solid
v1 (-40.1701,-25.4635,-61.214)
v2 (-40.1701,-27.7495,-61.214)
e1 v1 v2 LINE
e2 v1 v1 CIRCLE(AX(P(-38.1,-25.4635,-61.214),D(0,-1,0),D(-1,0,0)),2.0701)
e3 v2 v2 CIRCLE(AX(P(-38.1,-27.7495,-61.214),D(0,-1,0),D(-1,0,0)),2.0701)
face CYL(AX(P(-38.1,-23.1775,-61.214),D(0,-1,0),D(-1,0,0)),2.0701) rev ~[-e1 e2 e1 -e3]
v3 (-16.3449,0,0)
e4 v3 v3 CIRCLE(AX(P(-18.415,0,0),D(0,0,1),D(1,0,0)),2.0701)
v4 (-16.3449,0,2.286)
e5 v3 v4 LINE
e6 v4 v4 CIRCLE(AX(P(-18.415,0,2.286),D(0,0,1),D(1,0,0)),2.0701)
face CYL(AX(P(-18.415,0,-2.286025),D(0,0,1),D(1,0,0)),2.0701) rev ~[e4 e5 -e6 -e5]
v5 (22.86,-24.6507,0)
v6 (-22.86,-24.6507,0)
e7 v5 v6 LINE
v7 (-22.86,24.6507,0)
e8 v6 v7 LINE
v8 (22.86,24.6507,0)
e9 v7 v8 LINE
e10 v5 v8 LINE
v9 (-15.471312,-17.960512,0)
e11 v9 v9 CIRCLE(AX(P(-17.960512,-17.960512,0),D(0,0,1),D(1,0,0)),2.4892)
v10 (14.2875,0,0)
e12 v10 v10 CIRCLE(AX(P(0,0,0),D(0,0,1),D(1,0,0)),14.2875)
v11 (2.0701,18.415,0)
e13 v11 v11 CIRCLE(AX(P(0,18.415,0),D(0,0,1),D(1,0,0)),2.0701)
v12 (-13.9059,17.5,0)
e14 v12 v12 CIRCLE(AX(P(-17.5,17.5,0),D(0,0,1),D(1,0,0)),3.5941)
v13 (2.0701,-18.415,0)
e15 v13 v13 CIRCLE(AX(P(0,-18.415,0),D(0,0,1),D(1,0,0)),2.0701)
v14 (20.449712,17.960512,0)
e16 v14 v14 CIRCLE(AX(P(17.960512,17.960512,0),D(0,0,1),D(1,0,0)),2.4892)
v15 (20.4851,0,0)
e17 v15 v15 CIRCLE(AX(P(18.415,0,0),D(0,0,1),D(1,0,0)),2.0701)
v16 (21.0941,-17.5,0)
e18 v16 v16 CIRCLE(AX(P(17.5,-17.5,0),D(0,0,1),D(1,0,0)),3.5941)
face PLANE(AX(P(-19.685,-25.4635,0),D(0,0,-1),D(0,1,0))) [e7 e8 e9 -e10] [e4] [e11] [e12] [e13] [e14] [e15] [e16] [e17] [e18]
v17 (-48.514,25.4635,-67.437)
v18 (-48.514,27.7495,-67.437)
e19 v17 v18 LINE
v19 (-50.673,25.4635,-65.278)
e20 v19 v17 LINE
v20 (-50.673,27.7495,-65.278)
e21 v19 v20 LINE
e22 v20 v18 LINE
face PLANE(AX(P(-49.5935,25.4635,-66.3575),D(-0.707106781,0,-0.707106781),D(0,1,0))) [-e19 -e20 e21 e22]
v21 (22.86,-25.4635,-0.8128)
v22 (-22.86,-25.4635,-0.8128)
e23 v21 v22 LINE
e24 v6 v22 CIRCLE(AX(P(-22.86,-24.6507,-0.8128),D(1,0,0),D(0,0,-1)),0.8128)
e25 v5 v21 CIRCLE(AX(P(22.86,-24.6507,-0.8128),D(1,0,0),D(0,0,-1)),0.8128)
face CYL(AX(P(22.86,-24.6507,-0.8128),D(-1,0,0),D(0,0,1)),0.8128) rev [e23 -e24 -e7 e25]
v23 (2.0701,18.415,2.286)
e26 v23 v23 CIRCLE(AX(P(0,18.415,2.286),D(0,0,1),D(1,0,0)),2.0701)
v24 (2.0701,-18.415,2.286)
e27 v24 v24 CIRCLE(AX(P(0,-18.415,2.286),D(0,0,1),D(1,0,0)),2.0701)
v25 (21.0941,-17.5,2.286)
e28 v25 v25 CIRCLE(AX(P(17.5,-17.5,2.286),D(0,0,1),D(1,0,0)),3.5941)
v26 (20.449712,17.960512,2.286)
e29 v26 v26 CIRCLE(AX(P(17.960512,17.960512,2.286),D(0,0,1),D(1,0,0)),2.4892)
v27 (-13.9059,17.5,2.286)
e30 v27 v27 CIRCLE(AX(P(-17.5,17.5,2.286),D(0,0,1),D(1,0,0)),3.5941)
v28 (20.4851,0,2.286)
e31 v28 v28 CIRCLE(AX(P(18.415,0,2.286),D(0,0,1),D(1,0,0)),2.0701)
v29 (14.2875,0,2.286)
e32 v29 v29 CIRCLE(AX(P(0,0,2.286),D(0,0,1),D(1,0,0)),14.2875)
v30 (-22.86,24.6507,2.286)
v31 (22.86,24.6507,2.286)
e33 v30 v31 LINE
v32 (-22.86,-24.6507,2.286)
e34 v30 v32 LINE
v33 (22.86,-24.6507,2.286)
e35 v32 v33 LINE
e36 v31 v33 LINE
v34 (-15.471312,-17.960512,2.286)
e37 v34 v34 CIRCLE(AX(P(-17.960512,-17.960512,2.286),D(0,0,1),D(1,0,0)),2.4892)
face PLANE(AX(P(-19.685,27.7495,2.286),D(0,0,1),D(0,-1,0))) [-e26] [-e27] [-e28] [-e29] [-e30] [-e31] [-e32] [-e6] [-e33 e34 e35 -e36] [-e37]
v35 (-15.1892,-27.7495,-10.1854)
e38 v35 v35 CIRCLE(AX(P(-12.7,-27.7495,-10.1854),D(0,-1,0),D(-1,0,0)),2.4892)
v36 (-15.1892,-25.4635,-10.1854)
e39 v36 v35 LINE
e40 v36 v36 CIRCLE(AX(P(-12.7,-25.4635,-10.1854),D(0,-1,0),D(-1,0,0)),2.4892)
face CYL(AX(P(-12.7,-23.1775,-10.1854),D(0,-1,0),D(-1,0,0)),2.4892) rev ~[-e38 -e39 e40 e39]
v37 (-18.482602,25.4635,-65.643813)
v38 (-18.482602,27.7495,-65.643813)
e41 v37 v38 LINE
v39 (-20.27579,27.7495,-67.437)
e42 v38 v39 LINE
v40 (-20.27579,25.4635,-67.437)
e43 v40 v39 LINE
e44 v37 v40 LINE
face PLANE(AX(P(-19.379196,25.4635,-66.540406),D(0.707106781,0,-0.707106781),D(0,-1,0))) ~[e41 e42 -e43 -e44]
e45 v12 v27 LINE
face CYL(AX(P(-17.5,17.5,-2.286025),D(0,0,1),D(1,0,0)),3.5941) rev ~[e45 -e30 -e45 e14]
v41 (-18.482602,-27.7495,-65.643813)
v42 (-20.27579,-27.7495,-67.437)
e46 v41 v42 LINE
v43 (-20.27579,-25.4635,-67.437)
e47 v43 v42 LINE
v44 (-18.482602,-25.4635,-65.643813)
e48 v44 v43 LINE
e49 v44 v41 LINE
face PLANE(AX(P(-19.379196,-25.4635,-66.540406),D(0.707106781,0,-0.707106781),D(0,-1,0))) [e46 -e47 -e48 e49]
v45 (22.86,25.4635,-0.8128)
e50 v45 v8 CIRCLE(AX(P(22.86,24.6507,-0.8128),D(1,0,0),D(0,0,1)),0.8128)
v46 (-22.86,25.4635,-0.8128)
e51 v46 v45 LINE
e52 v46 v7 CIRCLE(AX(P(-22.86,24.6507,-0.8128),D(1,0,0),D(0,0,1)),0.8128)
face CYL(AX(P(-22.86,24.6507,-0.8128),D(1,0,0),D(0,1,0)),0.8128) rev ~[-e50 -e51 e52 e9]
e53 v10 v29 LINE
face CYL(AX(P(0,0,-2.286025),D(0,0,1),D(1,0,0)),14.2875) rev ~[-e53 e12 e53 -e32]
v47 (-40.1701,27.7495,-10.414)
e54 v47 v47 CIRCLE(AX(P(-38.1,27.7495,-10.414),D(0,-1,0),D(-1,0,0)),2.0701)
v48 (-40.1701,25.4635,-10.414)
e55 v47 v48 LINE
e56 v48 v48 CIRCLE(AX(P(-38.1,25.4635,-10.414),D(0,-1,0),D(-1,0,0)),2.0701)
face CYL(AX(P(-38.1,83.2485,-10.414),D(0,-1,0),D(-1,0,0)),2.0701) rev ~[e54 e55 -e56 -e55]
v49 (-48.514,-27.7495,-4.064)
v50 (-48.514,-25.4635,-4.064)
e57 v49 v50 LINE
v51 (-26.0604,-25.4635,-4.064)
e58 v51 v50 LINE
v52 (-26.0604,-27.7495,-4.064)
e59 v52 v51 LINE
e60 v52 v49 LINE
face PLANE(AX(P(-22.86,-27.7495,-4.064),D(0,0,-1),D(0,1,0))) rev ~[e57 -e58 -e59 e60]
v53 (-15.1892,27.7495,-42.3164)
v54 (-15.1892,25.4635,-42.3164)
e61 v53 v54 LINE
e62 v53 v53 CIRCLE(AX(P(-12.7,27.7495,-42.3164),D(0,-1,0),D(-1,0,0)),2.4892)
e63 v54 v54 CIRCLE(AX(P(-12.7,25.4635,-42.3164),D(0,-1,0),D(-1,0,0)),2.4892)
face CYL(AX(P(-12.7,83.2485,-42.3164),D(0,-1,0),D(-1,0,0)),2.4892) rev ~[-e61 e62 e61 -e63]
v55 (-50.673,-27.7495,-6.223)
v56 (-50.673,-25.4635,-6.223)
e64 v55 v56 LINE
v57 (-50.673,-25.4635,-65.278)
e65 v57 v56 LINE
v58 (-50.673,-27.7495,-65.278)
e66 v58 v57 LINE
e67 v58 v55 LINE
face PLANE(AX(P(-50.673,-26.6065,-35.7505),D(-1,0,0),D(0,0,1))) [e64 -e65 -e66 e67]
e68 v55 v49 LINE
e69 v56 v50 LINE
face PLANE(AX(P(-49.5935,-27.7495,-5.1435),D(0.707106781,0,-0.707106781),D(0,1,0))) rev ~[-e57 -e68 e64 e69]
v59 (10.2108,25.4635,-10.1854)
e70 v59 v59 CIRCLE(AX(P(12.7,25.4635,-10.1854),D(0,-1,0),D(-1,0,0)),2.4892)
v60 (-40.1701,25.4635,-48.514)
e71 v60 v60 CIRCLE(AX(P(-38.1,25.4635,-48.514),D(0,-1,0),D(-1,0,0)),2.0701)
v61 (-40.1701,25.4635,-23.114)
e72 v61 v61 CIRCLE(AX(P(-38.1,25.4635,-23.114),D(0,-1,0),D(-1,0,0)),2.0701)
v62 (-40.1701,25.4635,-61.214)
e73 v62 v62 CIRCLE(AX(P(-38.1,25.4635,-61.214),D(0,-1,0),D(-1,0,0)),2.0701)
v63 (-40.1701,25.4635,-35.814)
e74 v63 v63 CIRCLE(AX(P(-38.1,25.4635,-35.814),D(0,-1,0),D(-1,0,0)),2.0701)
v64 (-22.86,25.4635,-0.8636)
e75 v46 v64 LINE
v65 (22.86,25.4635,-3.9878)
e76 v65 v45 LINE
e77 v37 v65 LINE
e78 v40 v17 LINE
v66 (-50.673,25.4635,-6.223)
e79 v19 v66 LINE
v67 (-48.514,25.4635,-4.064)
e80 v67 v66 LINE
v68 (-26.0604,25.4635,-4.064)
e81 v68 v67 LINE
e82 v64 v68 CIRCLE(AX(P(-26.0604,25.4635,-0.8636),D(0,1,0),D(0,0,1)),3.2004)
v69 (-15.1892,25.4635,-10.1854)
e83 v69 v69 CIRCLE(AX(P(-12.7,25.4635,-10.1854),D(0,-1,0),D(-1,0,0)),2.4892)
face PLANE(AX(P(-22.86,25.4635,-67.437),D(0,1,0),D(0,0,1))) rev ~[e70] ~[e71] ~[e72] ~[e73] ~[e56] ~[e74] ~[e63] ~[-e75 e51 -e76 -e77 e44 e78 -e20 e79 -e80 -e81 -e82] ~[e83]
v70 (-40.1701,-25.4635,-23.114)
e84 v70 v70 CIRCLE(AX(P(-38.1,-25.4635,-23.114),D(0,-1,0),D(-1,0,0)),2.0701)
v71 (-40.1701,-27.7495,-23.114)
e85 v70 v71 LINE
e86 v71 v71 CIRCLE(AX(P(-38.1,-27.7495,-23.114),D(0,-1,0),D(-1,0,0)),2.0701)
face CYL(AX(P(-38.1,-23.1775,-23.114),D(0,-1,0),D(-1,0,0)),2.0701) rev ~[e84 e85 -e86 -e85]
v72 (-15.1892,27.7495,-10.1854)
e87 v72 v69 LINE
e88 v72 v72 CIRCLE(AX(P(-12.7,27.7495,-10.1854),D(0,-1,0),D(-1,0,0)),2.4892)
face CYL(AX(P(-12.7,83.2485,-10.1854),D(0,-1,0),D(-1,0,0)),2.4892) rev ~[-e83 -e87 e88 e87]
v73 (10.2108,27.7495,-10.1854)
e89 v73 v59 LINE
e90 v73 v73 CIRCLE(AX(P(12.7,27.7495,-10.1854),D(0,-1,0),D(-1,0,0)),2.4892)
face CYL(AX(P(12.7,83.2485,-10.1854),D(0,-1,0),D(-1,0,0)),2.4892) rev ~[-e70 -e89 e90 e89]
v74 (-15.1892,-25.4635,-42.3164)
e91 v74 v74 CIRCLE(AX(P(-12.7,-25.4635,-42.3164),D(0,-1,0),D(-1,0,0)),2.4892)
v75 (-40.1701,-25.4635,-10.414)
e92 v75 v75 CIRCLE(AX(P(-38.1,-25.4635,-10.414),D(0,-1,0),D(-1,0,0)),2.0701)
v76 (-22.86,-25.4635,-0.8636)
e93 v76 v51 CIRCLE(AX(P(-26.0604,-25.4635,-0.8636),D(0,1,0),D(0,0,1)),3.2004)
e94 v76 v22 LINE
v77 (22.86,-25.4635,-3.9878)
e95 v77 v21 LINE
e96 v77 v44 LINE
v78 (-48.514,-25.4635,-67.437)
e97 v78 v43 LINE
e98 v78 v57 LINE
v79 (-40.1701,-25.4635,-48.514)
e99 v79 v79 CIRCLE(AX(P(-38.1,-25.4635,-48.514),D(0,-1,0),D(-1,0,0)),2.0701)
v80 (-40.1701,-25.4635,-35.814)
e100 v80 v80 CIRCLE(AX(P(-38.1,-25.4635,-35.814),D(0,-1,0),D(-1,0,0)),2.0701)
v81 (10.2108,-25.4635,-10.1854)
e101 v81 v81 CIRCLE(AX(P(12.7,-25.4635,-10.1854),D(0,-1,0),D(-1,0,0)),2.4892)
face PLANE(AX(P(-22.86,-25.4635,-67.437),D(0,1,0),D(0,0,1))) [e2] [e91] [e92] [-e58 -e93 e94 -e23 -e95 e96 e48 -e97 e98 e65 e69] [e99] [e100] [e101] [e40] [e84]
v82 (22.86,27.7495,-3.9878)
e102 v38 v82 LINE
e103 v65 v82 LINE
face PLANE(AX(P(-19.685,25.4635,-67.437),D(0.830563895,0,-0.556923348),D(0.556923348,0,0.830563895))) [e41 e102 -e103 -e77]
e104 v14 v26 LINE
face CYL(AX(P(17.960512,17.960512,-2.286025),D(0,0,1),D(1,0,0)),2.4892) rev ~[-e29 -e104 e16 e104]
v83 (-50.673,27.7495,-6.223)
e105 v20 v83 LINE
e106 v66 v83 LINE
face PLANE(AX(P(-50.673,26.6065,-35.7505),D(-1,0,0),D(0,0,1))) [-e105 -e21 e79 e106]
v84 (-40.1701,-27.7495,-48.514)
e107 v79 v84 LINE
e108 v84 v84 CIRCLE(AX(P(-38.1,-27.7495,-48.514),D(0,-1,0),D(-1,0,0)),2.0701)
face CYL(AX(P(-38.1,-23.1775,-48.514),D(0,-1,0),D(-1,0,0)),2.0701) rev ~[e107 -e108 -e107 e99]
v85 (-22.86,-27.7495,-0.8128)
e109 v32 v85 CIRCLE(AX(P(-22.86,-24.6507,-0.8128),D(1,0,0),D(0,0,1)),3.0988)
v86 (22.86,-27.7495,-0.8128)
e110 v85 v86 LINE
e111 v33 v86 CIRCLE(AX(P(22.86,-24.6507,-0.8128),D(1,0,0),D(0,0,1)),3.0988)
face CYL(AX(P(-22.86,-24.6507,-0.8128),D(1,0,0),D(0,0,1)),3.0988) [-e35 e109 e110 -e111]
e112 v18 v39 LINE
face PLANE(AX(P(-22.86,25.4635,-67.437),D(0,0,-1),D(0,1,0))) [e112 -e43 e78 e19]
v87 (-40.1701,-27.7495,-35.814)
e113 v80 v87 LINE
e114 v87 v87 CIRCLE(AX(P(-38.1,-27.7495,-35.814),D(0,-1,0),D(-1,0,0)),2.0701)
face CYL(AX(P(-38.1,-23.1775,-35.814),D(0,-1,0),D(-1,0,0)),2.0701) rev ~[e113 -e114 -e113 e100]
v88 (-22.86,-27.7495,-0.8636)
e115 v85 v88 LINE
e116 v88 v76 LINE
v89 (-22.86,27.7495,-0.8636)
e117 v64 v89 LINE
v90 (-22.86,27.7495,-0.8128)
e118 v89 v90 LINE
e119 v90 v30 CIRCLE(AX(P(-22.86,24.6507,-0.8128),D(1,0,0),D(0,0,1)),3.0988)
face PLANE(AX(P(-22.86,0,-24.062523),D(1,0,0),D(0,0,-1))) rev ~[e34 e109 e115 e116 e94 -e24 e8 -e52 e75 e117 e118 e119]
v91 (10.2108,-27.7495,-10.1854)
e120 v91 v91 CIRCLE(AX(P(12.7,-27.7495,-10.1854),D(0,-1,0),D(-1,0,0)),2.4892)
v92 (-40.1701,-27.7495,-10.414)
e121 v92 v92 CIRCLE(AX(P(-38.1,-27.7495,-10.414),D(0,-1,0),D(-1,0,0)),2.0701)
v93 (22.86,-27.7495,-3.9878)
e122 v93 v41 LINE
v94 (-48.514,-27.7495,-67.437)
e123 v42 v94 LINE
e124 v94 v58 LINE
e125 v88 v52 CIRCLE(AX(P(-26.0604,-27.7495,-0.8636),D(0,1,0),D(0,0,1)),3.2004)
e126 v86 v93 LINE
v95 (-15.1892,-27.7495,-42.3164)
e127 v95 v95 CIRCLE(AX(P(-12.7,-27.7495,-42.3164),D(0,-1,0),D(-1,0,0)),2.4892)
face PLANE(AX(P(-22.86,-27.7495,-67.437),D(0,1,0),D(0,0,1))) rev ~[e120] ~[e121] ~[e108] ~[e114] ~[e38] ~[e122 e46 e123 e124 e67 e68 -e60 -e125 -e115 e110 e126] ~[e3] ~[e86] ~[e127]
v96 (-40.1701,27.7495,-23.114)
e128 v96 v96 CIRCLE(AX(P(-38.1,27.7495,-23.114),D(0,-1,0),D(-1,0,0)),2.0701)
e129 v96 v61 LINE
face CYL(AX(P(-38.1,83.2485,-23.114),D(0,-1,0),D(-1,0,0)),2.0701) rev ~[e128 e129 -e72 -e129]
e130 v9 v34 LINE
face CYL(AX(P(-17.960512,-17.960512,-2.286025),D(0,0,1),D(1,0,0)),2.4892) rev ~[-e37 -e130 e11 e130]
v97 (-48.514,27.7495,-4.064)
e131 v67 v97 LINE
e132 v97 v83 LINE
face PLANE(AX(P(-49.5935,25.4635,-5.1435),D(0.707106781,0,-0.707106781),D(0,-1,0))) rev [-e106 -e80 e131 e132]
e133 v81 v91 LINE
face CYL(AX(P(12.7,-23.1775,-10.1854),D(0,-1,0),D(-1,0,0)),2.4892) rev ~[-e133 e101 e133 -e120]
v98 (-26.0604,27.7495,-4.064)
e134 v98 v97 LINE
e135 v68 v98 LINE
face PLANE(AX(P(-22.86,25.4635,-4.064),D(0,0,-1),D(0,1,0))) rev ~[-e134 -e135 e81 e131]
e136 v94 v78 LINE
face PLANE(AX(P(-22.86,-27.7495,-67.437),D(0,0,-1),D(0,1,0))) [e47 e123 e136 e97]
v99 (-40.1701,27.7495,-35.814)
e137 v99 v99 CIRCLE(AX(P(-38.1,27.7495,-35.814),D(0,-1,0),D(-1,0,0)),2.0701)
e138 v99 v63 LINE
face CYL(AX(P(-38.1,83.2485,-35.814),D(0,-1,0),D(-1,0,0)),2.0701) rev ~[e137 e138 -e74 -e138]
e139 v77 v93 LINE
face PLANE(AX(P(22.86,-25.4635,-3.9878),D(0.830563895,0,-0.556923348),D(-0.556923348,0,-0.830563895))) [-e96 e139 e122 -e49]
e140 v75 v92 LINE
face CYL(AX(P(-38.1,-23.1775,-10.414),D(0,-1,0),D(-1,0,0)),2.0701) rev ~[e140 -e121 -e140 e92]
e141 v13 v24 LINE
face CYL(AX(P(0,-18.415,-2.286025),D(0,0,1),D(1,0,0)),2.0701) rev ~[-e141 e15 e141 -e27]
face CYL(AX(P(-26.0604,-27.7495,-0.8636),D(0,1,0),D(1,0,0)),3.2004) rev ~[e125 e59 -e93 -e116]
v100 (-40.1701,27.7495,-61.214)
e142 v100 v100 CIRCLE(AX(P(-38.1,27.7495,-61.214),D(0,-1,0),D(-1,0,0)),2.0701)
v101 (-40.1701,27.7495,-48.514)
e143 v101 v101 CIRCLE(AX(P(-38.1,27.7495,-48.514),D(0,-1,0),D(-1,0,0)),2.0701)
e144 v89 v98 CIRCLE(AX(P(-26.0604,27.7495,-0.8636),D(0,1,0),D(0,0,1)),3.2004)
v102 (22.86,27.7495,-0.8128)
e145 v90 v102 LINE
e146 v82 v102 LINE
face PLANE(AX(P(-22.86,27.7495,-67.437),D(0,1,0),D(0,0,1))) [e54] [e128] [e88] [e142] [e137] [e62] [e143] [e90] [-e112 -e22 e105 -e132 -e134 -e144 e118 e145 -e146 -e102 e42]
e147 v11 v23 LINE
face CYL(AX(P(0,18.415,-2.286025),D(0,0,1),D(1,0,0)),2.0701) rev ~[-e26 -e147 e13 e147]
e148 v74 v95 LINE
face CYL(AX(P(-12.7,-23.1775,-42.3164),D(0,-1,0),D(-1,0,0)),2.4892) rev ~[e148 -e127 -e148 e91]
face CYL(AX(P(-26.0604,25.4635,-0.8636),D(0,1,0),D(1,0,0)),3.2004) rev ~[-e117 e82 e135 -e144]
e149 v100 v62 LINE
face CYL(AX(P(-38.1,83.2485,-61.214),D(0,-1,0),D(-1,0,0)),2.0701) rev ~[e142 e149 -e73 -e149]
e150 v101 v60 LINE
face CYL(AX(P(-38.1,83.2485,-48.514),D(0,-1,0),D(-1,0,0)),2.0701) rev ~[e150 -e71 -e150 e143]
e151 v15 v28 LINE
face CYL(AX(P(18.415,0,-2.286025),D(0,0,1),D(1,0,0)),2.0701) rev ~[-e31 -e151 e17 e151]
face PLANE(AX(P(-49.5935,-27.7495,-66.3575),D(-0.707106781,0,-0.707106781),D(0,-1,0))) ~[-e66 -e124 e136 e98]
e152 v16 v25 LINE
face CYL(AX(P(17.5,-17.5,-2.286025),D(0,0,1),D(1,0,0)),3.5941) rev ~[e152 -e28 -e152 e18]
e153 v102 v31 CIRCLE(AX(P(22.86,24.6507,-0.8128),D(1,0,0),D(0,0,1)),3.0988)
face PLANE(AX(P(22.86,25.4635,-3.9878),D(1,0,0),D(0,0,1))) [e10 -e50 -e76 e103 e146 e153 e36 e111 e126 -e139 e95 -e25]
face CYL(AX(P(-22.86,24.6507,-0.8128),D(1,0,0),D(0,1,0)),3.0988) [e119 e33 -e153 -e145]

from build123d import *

# Parameters (mm, degrees)
SKETCH1_W                  = 42.545
SKETCH1_H                  = 50.927
BOSS_EXTRUDE1_DEPTH        = 6.2738
BOSS_EXTRUDE2_DEPTH        = 2.286
BOSS_EXTRUDE3_DEPTH        = 2.286
SKETCH4_W                  = 42.545
SKETCH4_H                  = 50.927
CUT_EXTRUDE1_DEPTH         = 3.9878
BOSS_EXTRUDE4_DEPTH        = 3.175
SKETCH6_W                  = 63.373
SKETCH6_H                  = 2.286
BOSS_EXTRUDE5_DEPTH        = 27.813
SKETCH7_W                  = 63.373
SKETCH7_H                  = 2.286
BOSS_EXTRUDE6_DEPTH        = 27.813
HOLE1_D                    = 4.9784
HOLE1_DEPTH                = 2.286
M3_5_CLEARANCE_HOLE1_D     = 4.1402
M3_5_CLEARANCE_HOLE1_DEPTH = 2.286
M25_CLEARANCE_HOLE1_D      = 28.575
M25_CLEARANCE_HOLE1_DEPTH  = 2.286025
HOLE2_D                    = 4.9784
HOLE2_DEPTH                = 2.286025
M6_5_CLEARANCE_HOLE1_D     = 7.1882
M6_5_CLEARANCE_HOLE1_DEPTH = 2.286025
M3_5_CLEARANCE_HOLE2_D     = 4.1402
M3_5_CLEARANCE_HOLE2_DEPTH = 2.286025
HOLE3_D                    = 4.9784
HOLE3_DEPTH                = 55.499
M3_5_CLEARANCE_HOLE3_D     = 4.1402
M3_5_CLEARANCE_HOLE3_DEPTH = 55.499
CHAMFER1_SIZE              = 2.159
CHAMFER1_SIZE2             = 0.59078994
CHAMFER2_SIZE              = 2.159
CHAMFER3_SIZE2             = 0.59078994
CHAMFER3_SIZE              = 2.159
FILLET1_R                  = 0.8128
FILLET2_R                  = 3.0988
FILLET3_R                  = 3.2004


with BuildPart() as part:
    # Sketch1 → Boss-Extrude1 (new body)
    with BuildSketch(Plane.XY.offset(2.286)):
        with Locations((1.5875, 0)):
            Rectangle(SKETCH1_W, SKETCH1_H)
    extrude(amount=-BOSS_EXTRUDE1_DEPTH)

    # Sketch2 → Boss-Extrude2 (add)
    with BuildSketch(Plane.XZ.offset(25.4635)):
        Polygon((-19.685, 2.286), (22.86, 2.286), (22.86, -3.9878), (-19.685, -67.437), align=None)
    extrude(amount=BOSS_EXTRUDE2_DEPTH)

    # Sketch3 → Boss-Extrude3 (add)
    with BuildSketch(Plane(origin=(0, 25.4635, 0), x_dir=(-1, 0, 0), z_dir=(0, 1, 0))):
        Polygon((19.685, -67.437), (-22.86, -3.9878), (-22.86, 2.286), (19.685, 2.286), align=None)
    extrude(amount=BOSS_EXTRUDE3_DEPTH)

    # Sketch4 → Cut-Extrude1 (cut)
    with BuildSketch(Plane(origin=(0, 0, -3.9878), x_dir=(-1, 0, 0), z_dir=(0, 0, -1))):
        with Locations((-1.5875, 0)):
            Rectangle(SKETCH4_W, SKETCH4_H)
    extrude(amount=-CUT_EXTRUDE1_DEPTH, mode=Mode.SUBTRACT)

    # Sketch5 → Boss-Extrude4 (add)
    with BuildSketch(Plane.ZY.offset(19.685)):
        Polygon((0, -25.4635), (0, 25.4635), (-67.437, 25.4635), (-67.437, 27.7495), (2.286, 27.7495), (2.286, -27.7495), (-67.437, -27.7495), (-67.437, -25.4635), align=None)
    extrude(amount=BOSS_EXTRUDE4_DEPTH)

    # Sketch6 → Boss-Extrude5 (add)
    with BuildSketch(Plane.ZY.offset(22.86)):
        with Locations((-35.7505, 26.6065)):
            Rectangle(SKETCH6_W, SKETCH6_H)
    extrude(amount=BOSS_EXTRUDE5_DEPTH)

    # Sketch7 → Boss-Extrude6 (add)
    with BuildSketch(Plane.ZY.offset(22.86)):
        with Locations((-35.7505, -26.6065)):
            Rectangle(SKETCH7_W, SKETCH7_H)
    extrude(amount=BOSS_EXTRUDE6_DEPTH)

    # Hole1
    with Locations(Plane(origin=(0, -25.4635, 0), x_dir=(1, 0, 0), z_dir=(0, 1, 0))):
        with Locations((-12.7, 10.1854), (12.7, 10.1854), (-12.7, 42.3164)):
            Hole(HOLE1_D / 2, depth=HOLE1_DEPTH)

    # M3.5 Clearance Hole1
    with Locations(Plane(origin=(0, -25.4635, 0), x_dir=(1, 0, 0), z_dir=(0, 1, 0))):
        with Locations((-38.1, 61.214), (-38.1, 48.514), (-38.1, 35.814), (-38.1, 23.114), (-38.1, 10.414)):
            Hole(M3_5_CLEARANCE_HOLE1_D / 2, depth=M3_5_CLEARANCE_HOLE1_DEPTH)

    # M25 Clearance Hole1
    with Locations(Plane(origin=(0, 0, 0), x_dir=(-1, 0, 0), z_dir=(0, 0, -1))):
        with Locations((0, 0)):
            Hole(M25_CLEARANCE_HOLE1_D / 2, depth=M25_CLEARANCE_HOLE1_DEPTH)

    # Hole2
    with Locations(Plane(origin=(0, 0, 0), x_dir=(-1, 0, 0), z_dir=(0, 0, -1))):
        with Locations((-17.960512242, 17.960512242), (17.960512242, -17.960512242)):
            Hole(HOLE2_D / 2, depth=HOLE2_DEPTH)

    # M6.5 Clearance Hole1
    with Locations(Plane(origin=(0, 0, 0), x_dir=(-1, 0, 0), z_dir=(0, 0, -1))):
        with Locations((17.5, 17.5), (-17.5, -17.5)):
            Hole(M6_5_CLEARANCE_HOLE1_D / 2, depth=M6_5_CLEARANCE_HOLE1_DEPTH)

    # M3.5 Clearance Hole2
    with Locations(Plane(origin=(0, 0, 0), x_dir=(-1, 0, 0), z_dir=(0, 0, -1))):
        with Locations((18.415, 0), (0, 18.415), (0, -18.415), (-18.415, 0)):
            Hole(M3_5_CLEARANCE_HOLE2_D / 2, depth=M3_5_CLEARANCE_HOLE2_DEPTH)

    # Hole3
    with Locations(Plane(origin=(0, 27.7495, 0), x_dir=(1, 0, 0), z_dir=(0, 1, 0))):
        with Locations((-12.7, 10.1854), (12.7, 10.1854), (-12.7, 42.3164)):
            Hole(HOLE3_D / 2, depth=HOLE3_DEPTH)

    # M3.5 Clearance Hole3
    with Locations(Plane(origin=(0, 27.7495, 0), x_dir=(1, 0, 0), z_dir=(0, 1, 0))):
        with Locations((-38.1, 61.214), (-38.1, 48.514), (-38.1, 35.814), (-38.1, 23.114), (-38.1, 10.414)):
            Hole(M3_5_CLEARANCE_HOLE3_D / 2, depth=M3_5_CLEARANCE_HOLE3_DEPTH)

    # Chamfer1
    chamfer1_edges = [part.edges().sort_by_distance(p)[0] for p in [
        (-19.685, -26.6065, -67.437),
    ]]
    chamfer1_side = [part.faces().sort_by_distance(p)[0] for p in [
        (1.5875, -26.6065, -35.7124),
    ]]
    chamfer(chamfer1_edges, length=CHAMFER1_SIZE, length2=CHAMFER1_SIZE2, reference=chamfer1_side[0])

    # Chamfer2
    chamfer2_edges = [part.edges().sort_by_distance(p)[0] for p in [
        (-50.673, -26.6065, -67.437),
        (-50.673, 26.6065, -67.437),
        (-50.673, -26.6065, -4.064),
        (-50.673, 26.6065, -4.064),
    ]]
    chamfer(chamfer2_edges, length=CHAMFER2_SIZE)

    # Chamfer3
    chamfer3_edges = [part.edges().sort_by_distance(p)[0] for p in [
        (-19.685, 26.6065, -67.437),
    ]]
    chamfer(chamfer3_edges, length=CHAMFER3_SIZE, length2=CHAMFER3_SIZE2)

    # Fillet1
    fillet1_edges = [part.edges().sort_by_distance(p)[0] for p in [
        (0, 25.4635, 0),
        (0, -25.4635, 0),
    ]]
    fillet(fillet1_edges, radius=FILLET1_R)

    # Fillet2
    fillet2_edges = [part.edges().sort_by_distance(p)[0] for p in [
        (0, 27.7495, 2.286),
        (0, -27.7495, 2.286),
    ]]
    fillet(fillet2_edges, radius=FILLET2_R)

    # Fillet3
    fillet3_edges = [part.edges().sort_by_distance(p)[0] for p in [
        (-22.86, 26.6065, -4.064),
        (-22.86, -26.6065, -4.064),
    ]]
    fillet(fillet3_edges, radius=FILLET3_R)


solid = part.part
